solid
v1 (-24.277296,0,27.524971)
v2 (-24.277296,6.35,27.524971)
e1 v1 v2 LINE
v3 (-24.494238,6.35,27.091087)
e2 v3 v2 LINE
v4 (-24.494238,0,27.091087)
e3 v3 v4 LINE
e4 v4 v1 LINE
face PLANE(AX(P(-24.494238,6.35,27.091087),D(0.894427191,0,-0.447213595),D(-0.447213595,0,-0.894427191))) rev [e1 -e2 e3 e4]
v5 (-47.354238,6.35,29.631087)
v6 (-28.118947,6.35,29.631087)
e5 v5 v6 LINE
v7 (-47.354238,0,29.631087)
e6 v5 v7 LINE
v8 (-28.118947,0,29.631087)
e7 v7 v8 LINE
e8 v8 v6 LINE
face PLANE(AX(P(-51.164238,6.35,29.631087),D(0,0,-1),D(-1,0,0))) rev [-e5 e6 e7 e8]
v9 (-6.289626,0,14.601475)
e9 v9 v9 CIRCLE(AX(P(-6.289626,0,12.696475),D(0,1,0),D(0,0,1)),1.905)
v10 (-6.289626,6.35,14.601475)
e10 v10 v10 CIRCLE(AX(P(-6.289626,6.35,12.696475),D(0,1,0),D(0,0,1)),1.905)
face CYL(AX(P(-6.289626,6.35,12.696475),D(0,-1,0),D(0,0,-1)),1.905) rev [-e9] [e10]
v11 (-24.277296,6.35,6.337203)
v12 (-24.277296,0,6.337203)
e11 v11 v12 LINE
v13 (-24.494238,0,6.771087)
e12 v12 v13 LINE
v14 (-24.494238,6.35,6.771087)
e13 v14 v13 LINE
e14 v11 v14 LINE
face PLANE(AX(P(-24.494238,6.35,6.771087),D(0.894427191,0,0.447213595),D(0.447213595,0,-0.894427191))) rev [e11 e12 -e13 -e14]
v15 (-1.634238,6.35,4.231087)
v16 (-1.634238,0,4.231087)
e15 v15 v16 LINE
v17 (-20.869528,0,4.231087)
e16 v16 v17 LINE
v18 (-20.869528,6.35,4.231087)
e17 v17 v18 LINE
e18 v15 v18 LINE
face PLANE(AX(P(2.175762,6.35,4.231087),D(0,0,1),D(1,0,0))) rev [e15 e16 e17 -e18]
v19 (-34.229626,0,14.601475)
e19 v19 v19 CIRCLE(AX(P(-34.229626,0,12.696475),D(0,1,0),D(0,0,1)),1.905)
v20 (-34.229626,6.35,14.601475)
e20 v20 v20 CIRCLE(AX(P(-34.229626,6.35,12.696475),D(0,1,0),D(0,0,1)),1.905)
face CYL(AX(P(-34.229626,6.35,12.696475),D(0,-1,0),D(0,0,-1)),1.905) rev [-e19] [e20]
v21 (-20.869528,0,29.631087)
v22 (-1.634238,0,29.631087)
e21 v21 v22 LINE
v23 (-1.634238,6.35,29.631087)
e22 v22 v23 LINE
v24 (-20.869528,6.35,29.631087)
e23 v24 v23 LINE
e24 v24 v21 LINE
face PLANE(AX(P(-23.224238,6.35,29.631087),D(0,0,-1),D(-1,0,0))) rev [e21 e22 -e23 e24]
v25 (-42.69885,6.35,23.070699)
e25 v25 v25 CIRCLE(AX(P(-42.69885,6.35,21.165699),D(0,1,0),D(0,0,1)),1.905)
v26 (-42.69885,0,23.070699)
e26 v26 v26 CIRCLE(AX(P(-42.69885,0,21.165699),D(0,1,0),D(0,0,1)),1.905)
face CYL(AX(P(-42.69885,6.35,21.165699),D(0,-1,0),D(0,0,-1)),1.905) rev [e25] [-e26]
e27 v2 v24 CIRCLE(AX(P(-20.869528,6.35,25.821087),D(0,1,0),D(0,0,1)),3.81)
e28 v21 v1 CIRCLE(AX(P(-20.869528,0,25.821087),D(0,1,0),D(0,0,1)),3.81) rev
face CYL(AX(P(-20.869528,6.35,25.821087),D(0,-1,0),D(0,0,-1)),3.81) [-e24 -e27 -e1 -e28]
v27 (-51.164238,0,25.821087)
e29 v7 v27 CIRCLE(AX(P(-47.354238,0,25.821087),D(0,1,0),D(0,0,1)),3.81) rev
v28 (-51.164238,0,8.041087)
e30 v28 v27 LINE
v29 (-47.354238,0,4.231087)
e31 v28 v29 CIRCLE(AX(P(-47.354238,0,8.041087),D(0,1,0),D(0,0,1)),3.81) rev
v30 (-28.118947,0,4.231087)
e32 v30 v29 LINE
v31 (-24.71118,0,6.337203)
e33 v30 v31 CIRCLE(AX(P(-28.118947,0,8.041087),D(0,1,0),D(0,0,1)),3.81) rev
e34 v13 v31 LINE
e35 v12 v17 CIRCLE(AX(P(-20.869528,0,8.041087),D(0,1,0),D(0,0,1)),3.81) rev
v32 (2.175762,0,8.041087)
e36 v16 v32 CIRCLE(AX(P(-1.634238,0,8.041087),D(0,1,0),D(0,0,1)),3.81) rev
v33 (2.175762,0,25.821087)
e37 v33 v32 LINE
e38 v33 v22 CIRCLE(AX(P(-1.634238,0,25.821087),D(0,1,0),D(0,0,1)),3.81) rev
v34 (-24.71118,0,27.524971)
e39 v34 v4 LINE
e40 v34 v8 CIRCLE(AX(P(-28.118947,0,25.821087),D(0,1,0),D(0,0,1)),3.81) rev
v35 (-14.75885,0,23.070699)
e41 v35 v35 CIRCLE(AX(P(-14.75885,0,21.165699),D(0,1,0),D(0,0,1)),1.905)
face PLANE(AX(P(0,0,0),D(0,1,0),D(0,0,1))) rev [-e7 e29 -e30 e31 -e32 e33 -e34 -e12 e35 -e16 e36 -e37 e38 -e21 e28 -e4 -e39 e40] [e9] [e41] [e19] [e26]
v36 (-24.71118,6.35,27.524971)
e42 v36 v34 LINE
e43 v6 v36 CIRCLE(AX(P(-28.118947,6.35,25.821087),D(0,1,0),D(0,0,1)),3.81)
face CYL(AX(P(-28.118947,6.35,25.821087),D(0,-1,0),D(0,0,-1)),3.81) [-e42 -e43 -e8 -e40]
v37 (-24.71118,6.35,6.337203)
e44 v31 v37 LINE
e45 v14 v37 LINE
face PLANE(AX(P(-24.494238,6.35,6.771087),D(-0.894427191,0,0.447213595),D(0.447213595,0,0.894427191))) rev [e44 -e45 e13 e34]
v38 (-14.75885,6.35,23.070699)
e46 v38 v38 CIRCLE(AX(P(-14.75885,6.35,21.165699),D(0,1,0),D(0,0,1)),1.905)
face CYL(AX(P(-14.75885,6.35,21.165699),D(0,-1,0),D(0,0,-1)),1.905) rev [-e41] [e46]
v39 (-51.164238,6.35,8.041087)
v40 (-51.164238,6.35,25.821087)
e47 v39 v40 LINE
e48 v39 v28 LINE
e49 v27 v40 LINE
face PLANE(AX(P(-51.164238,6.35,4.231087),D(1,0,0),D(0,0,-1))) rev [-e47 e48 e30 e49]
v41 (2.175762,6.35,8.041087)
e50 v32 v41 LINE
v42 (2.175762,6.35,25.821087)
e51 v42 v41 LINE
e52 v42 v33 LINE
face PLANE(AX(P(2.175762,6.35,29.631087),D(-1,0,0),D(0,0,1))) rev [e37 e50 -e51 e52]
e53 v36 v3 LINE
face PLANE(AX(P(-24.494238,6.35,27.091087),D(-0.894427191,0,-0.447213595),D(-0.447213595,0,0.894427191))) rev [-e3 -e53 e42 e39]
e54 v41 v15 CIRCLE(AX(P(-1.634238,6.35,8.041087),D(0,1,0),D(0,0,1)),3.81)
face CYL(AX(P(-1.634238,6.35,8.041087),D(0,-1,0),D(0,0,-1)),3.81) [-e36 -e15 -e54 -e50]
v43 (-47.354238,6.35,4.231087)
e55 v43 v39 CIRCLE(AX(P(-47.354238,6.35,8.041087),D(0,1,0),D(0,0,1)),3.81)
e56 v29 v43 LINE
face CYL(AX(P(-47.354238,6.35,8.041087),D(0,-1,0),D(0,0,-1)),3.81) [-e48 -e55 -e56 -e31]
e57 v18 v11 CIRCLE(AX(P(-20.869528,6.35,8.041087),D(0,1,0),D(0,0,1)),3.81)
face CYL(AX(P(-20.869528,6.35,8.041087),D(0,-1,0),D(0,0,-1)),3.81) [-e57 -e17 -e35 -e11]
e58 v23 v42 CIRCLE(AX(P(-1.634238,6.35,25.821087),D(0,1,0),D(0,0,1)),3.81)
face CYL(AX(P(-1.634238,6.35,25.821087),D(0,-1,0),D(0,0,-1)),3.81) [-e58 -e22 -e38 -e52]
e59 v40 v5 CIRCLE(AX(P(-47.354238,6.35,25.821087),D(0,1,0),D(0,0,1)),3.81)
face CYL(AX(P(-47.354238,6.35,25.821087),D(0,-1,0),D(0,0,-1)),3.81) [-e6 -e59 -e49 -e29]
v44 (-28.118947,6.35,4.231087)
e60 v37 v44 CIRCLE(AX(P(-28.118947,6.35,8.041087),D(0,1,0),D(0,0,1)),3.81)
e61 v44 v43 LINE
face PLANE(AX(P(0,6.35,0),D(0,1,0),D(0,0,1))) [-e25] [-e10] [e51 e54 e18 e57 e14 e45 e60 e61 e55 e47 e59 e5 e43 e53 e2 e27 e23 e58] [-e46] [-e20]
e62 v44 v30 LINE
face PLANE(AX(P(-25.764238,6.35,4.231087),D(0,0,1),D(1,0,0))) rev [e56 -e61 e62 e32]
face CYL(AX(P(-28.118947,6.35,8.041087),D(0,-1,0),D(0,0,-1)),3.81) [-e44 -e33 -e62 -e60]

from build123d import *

# Parameters (mm, degrees)
SKETCH1_R           = 1.905
BOSS_EXTRUDE1_DEPTH = 6.35
FILLET1_R           = 3.81


with BuildPart() as part:
    # Sketch1 → Boss-Extrude1 (new body)
    with BuildSketch(Plane(origin=(0, 0, 0), x_dir=(1, 0, 0), z_dir=(0, 1, 0))):
        Polygon((-51.164237676, -4.231087287), (-51.164237676, -29.631087287), (-25.764237676, -29.631087287), (-24.494237676, -27.091087287), (-23.224237676, -29.631087287), (2.175762324, -29.631087287), (2.175762324, -4.231087287), (-23.224237676, -4.231087287), (-24.494237676, -6.771087287), (-25.764237676, -4.231087287), align=None)
        with Locations(Location((-42.698849573, -21.165699184, 0), (0, 0, 270))):
            Circle(SKETCH1_R, mode=Mode.SUBTRACT)
        with Locations(Location((-34.22962578, -12.696475391, 0), (0, 0, 270))):
            Circle(SKETCH1_R, mode=Mode.SUBTRACT)
        with Locations(Location((-14.758849573, -21.165699184, 0), (0, 0, 270))):
            Circle(SKETCH1_R, mode=Mode.SUBTRACT)
        with Locations(Location((-6.28962578, -12.696475391, 0), (0, 0, 270))):
            Circle(SKETCH1_R, mode=Mode.SUBTRACT)
    extrude(amount=BOSS_EXTRUDE1_DEPTH)

    # Fillet1
    fillet1_edges = [part.edges().sort_by_distance(p)[0] for p in [
        (-51.164237676, 3.175, 29.631087287),
        (-51.164237676, 3.175, 4.231087287),
        (-25.764237676, 3.175, 4.231087287),
        (-23.224237676, 3.175, 4.231087287),
        (2.175762324, 3.175, 4.231087287),
        (2.175762324, 3.175, 29.631087287),
        (-23.224237676, 3.175, 29.631087287),
        (-25.764237676, 3.175, 29.631087287),
    ]]
    fillet(fillet1_edges, radius=FILLET1_R)


solid = part.part
